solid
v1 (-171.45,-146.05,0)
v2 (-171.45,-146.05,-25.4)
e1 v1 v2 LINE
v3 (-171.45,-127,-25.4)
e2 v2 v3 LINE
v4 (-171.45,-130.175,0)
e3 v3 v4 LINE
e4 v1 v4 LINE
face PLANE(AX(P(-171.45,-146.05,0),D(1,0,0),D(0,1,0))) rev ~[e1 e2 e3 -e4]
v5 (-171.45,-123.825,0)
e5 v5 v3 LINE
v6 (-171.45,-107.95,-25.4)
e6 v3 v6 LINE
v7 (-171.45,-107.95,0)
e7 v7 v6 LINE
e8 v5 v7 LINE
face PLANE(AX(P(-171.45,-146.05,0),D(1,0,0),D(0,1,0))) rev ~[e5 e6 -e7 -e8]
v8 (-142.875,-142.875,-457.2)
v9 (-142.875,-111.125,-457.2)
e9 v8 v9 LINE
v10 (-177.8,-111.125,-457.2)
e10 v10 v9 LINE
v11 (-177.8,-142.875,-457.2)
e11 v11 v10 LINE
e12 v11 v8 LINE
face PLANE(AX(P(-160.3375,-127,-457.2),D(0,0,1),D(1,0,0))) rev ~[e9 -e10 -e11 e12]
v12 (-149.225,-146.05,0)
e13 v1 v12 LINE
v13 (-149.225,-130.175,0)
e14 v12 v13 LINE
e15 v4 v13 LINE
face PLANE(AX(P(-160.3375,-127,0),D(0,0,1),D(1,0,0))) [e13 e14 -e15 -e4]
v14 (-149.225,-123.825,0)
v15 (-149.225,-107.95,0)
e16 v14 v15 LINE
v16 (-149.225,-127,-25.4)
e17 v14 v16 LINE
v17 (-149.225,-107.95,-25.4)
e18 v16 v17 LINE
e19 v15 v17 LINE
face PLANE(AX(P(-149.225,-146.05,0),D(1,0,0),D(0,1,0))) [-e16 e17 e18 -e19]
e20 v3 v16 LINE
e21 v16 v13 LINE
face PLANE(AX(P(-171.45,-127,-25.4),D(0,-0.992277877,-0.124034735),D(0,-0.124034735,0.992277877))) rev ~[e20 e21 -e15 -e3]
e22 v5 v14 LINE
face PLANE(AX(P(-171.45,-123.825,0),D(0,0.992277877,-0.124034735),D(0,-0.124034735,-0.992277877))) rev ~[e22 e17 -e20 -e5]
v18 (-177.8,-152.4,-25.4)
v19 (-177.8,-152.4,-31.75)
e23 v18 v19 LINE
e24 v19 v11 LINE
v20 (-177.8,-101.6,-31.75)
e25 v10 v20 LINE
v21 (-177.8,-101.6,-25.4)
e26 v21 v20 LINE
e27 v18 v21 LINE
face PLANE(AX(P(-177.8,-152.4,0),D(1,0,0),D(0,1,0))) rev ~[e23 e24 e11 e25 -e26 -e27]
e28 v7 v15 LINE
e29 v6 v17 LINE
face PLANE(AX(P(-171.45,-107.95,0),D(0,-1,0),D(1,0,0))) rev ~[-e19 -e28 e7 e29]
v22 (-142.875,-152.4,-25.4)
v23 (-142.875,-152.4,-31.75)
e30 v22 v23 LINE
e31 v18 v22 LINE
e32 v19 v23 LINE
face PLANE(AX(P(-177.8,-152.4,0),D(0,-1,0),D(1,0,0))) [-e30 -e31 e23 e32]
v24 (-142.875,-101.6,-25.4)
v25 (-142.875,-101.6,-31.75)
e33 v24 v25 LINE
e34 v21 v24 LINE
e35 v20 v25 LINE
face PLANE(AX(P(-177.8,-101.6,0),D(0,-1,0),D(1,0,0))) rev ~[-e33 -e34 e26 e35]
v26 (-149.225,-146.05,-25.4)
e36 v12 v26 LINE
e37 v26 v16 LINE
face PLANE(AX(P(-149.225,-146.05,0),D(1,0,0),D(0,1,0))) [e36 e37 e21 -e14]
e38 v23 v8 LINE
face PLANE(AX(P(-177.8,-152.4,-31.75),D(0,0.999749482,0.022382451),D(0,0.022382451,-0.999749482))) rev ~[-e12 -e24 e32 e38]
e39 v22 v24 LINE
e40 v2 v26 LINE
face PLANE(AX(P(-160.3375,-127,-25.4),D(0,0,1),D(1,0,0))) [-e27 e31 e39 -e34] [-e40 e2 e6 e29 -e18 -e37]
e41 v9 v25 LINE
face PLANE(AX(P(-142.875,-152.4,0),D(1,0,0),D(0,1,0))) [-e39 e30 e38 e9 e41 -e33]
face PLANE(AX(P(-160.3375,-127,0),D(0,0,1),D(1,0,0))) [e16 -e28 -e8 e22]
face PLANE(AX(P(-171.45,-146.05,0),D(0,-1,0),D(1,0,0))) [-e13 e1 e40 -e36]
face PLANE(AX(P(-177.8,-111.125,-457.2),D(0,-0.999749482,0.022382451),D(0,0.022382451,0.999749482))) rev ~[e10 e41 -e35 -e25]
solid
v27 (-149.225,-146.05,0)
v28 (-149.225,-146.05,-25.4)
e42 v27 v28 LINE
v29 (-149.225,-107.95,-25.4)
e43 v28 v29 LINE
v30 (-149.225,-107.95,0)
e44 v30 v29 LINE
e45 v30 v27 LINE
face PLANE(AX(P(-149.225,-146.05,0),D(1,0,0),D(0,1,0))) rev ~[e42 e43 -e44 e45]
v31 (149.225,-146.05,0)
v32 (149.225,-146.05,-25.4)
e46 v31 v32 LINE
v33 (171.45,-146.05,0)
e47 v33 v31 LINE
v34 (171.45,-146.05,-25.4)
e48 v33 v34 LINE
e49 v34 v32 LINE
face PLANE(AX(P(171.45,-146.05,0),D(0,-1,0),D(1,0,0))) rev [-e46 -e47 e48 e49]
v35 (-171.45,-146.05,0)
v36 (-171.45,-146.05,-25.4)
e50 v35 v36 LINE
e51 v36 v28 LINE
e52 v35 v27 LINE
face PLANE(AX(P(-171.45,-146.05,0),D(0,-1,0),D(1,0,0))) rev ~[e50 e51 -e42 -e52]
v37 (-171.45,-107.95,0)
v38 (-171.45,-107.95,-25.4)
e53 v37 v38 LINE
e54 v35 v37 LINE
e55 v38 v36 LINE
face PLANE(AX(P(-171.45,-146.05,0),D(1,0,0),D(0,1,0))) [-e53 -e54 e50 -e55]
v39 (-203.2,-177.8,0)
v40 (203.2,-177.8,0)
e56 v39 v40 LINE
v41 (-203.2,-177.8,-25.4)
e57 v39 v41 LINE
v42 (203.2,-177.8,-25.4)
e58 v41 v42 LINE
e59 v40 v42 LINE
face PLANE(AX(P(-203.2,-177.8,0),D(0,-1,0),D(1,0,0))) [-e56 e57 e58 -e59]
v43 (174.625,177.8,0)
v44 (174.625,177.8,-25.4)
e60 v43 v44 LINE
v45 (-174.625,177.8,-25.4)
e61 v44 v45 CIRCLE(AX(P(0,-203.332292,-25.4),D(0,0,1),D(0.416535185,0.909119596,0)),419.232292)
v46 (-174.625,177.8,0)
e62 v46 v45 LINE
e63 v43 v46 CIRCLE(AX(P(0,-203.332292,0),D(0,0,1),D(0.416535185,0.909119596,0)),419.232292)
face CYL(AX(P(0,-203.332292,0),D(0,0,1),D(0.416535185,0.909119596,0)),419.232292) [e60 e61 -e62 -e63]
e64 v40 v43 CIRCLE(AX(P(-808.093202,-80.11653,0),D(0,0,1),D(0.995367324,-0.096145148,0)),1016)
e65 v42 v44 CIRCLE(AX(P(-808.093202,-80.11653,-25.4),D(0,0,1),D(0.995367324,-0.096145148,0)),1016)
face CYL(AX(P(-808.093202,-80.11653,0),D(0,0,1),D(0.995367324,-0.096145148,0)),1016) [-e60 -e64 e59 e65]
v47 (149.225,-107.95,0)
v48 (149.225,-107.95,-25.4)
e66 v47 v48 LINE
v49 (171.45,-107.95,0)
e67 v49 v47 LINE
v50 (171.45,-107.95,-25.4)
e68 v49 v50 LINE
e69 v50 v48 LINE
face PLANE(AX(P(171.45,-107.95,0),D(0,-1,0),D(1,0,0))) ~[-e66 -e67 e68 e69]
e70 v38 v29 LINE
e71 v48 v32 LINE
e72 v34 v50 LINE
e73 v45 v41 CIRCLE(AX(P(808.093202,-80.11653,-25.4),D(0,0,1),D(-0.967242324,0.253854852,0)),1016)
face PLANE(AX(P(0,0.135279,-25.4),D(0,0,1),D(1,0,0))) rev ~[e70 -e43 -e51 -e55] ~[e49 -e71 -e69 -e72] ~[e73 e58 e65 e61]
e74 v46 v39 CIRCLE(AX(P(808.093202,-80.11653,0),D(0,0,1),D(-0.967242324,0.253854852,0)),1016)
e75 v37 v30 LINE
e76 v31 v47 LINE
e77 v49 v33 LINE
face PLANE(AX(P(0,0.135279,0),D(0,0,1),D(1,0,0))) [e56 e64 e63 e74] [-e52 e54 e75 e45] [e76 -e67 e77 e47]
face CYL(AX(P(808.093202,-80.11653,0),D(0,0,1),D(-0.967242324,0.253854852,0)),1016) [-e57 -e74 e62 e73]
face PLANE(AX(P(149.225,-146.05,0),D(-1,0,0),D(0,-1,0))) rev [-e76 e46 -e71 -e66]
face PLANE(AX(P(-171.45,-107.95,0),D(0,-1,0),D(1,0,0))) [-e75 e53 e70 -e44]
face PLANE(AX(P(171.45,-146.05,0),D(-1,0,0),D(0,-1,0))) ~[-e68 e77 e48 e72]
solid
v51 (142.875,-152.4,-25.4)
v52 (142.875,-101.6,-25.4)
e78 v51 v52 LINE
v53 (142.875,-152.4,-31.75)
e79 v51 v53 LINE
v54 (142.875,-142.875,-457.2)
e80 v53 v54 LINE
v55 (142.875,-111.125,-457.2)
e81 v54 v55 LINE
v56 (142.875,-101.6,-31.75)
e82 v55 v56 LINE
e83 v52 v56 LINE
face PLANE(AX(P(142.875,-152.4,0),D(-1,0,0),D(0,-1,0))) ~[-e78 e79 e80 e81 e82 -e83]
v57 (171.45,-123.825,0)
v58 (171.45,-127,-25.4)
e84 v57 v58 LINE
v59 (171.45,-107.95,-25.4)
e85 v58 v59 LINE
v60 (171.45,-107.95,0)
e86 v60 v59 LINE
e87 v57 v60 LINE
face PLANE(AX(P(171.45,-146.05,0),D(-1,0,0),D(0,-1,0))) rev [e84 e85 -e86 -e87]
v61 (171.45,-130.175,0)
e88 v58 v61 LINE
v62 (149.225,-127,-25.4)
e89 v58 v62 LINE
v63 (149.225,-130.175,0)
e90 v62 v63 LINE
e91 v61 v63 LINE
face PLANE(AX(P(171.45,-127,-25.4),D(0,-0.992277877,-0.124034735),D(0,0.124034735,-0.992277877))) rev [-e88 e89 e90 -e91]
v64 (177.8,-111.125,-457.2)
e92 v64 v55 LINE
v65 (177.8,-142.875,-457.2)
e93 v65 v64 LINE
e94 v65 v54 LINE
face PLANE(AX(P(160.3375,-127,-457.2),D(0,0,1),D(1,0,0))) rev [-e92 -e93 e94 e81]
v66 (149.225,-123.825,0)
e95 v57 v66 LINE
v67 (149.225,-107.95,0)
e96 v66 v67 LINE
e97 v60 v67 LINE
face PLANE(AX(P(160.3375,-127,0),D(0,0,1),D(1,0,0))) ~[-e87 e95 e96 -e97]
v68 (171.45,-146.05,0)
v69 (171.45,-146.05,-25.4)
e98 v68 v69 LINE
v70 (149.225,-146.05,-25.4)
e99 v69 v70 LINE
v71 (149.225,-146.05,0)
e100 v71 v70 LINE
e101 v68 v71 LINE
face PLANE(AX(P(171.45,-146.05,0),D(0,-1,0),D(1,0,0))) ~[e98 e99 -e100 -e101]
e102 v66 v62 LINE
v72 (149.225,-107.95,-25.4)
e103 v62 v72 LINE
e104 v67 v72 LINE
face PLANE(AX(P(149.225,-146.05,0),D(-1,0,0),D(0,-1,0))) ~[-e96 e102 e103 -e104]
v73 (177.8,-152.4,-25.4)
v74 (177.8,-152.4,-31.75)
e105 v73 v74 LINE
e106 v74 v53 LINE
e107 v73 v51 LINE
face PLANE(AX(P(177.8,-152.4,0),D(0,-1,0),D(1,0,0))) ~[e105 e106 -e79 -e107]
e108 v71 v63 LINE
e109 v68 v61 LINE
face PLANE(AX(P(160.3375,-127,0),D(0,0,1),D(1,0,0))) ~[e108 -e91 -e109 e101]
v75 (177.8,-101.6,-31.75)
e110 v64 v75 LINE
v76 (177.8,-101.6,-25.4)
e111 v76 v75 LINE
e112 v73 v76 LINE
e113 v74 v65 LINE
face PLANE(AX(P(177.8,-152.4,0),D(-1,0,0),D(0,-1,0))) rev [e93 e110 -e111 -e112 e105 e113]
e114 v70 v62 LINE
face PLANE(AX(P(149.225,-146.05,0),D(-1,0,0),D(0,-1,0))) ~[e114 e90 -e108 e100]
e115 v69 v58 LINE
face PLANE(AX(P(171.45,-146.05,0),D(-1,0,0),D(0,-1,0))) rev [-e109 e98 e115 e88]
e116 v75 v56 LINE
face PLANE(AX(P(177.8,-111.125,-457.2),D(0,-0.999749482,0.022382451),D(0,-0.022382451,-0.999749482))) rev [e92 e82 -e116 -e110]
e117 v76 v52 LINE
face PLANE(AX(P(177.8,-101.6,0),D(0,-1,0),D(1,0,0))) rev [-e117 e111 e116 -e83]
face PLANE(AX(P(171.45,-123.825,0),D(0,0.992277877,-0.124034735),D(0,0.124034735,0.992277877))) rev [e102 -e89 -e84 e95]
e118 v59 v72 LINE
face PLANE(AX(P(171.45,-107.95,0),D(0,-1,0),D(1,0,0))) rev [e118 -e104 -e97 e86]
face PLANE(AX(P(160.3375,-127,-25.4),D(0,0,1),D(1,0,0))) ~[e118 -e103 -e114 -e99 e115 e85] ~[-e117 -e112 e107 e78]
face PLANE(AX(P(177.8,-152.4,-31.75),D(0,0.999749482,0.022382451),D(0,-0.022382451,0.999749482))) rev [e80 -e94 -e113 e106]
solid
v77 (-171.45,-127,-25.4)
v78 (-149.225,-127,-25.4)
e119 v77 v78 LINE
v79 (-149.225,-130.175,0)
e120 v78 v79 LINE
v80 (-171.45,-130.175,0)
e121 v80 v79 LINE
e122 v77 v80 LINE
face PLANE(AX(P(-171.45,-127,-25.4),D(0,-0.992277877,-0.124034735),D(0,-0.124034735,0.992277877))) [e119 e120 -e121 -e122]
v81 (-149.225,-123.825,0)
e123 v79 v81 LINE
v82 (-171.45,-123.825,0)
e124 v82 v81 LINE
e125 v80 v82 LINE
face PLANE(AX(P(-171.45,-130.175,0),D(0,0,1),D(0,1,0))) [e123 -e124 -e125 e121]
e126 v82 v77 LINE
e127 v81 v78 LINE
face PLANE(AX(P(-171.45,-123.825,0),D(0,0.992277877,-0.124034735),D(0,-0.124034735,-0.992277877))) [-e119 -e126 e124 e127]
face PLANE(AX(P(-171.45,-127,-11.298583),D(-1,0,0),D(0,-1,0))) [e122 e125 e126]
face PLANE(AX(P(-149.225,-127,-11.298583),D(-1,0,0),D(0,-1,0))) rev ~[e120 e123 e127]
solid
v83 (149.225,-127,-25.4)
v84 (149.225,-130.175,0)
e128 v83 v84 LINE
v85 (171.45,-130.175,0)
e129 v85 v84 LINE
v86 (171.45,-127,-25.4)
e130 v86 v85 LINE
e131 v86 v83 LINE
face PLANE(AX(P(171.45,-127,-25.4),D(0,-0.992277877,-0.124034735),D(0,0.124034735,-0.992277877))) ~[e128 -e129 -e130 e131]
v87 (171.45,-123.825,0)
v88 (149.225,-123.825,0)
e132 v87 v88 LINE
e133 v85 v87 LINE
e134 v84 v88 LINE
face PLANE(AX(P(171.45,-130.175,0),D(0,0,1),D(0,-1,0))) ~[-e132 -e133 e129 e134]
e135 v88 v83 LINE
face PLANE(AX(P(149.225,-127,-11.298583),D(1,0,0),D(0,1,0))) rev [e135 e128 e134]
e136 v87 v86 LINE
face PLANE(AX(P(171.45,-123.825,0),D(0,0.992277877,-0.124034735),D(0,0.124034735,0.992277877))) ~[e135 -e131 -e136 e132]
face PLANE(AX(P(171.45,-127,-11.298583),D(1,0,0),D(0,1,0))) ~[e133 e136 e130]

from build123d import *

# Parameters (mm, degrees)
F1_DEPTH  = 25.4
F2_W      = 34.925
F2_H      = 50.8
F3_DEPTH  = 457.2
F4_W      = 34.925
F4_H      = 50.8
F4_W_2    = 22.225
F4_H_2    = 38.1
F5_DEPTH  = 25.4
F7_DEPTH  = 22.225
F8_DEPTH  = 22.225
F10_DEPTH = 34.925


with BuildPart() as f1:
    # F0 (on Top) → F1 (new body)
    with BuildSketch(Plane.XY):
        with BuildLine():
            ThreePointArc((-174.625, 177.8), (-204.6423063303, 1.2640022944), (-203.2, -177.8))
            Line((-203.2, -177.8), (203.2, -177.8))
            ThreePointArc((203.2, -177.8), (204.6423063303, 1.2640022944), (174.625, 177.8))
            ThreePointArc((174.625, 177.8), (0, 215.9), (-174.625, 177.8))
        make_face()
    extrude(amount=-F1_DEPTH)


with BuildPart() as f3:
    # F2 (on Top) → F3 (new body)
    with BuildSketch(Plane.XY):
        with Locations((-160.3375, -127)):
            Rectangle(F2_W, F2_H)
    extrude(amount=-F3_DEPTH)

    # F4 (on face) → F5 (cut)
    with BuildSketch(Plane.XY):
        with Locations((-160.3375, -127)):
            Rectangle(F4_W, F4_H)
        with Locations((-160.3375, -127)):
            Rectangle(F4_W_2, F4_H_2, mode=Mode.SUBTRACT)
    extrude(amount=-F5_DEPTH, mode=Mode.SUBTRACT)


with BuildPart() as f7_tool:
    # F6 (on face) → F7 (new body, through all)
    with BuildSketch(Plane(origin=(-171.45, 0, 0), x_dir=(0, -1, 0), z_dir=(-1, 0, 0))):
        Polygon((123.825, 0), (127, -25.4), (130.175, 0), align=None)
    extrude(amount=-F7_DEPTH)


with BuildPart() as f1_1:
    add(f1.part)

    # F7: cut by f7_tool
    add(f7_tool.part, mode=Mode.SUBTRACT)


with BuildPart() as f3_1:
    add(f3.part)

    # F7: cut by f7_tool
    add(f7_tool.part, mode=Mode.SUBTRACT)

    # F9 (on face) → F10 (cut, through all)
    with BuildSketch(Plane(origin=(-177.8, 0, 0), x_dir=(0, -1, 0), z_dir=(-1, 0, 0))):
        Polygon((152.4, -31.75), (142.875, -457.2), (152.4, -457.2), align=None)
        Polygon((101.6, -457.2), (111.125, -457.2), (101.6, -31.75), align=None)
    extrude(amount=-F10_DEPTH, mode=Mode.SUBTRACT)


with BuildPart() as f8:
    # F6 (on face) → F8 (new body, through all)
    with BuildSketch(Plane(origin=(-171.45, 0, 0), x_dir=(0, -1, 0), z_dir=(-1, 0, 0))):
        Polygon((123.825, 0), (127, -25.4), (130.175, 0), align=None)
    extrude(amount=-F8_DEPTH)


with BuildPart() as f11_1:
    # F11: instance of F8
    add(f8.part.mirror(Plane.YZ))


with BuildPart() as f11_2:
    # F11: instance of F3
    add(f3_1.part.mirror(Plane.YZ))


with BuildPart() as f1_2:
    add(f1_1.part)

    # F12: cut F3, F11_2, F8, F11_1
    add(f3_1.part, mode=Mode.SUBTRACT)
    add(f11_2.part, mode=Mode.SUBTRACT)
    add(f8.part, mode=Mode.SUBTRACT)
    add(f11_1.part, mode=Mode.SUBTRACT)


solid = Compound([f3_1.part, f8.part, f11_1.part, f11_2.part, f1_2.part])
